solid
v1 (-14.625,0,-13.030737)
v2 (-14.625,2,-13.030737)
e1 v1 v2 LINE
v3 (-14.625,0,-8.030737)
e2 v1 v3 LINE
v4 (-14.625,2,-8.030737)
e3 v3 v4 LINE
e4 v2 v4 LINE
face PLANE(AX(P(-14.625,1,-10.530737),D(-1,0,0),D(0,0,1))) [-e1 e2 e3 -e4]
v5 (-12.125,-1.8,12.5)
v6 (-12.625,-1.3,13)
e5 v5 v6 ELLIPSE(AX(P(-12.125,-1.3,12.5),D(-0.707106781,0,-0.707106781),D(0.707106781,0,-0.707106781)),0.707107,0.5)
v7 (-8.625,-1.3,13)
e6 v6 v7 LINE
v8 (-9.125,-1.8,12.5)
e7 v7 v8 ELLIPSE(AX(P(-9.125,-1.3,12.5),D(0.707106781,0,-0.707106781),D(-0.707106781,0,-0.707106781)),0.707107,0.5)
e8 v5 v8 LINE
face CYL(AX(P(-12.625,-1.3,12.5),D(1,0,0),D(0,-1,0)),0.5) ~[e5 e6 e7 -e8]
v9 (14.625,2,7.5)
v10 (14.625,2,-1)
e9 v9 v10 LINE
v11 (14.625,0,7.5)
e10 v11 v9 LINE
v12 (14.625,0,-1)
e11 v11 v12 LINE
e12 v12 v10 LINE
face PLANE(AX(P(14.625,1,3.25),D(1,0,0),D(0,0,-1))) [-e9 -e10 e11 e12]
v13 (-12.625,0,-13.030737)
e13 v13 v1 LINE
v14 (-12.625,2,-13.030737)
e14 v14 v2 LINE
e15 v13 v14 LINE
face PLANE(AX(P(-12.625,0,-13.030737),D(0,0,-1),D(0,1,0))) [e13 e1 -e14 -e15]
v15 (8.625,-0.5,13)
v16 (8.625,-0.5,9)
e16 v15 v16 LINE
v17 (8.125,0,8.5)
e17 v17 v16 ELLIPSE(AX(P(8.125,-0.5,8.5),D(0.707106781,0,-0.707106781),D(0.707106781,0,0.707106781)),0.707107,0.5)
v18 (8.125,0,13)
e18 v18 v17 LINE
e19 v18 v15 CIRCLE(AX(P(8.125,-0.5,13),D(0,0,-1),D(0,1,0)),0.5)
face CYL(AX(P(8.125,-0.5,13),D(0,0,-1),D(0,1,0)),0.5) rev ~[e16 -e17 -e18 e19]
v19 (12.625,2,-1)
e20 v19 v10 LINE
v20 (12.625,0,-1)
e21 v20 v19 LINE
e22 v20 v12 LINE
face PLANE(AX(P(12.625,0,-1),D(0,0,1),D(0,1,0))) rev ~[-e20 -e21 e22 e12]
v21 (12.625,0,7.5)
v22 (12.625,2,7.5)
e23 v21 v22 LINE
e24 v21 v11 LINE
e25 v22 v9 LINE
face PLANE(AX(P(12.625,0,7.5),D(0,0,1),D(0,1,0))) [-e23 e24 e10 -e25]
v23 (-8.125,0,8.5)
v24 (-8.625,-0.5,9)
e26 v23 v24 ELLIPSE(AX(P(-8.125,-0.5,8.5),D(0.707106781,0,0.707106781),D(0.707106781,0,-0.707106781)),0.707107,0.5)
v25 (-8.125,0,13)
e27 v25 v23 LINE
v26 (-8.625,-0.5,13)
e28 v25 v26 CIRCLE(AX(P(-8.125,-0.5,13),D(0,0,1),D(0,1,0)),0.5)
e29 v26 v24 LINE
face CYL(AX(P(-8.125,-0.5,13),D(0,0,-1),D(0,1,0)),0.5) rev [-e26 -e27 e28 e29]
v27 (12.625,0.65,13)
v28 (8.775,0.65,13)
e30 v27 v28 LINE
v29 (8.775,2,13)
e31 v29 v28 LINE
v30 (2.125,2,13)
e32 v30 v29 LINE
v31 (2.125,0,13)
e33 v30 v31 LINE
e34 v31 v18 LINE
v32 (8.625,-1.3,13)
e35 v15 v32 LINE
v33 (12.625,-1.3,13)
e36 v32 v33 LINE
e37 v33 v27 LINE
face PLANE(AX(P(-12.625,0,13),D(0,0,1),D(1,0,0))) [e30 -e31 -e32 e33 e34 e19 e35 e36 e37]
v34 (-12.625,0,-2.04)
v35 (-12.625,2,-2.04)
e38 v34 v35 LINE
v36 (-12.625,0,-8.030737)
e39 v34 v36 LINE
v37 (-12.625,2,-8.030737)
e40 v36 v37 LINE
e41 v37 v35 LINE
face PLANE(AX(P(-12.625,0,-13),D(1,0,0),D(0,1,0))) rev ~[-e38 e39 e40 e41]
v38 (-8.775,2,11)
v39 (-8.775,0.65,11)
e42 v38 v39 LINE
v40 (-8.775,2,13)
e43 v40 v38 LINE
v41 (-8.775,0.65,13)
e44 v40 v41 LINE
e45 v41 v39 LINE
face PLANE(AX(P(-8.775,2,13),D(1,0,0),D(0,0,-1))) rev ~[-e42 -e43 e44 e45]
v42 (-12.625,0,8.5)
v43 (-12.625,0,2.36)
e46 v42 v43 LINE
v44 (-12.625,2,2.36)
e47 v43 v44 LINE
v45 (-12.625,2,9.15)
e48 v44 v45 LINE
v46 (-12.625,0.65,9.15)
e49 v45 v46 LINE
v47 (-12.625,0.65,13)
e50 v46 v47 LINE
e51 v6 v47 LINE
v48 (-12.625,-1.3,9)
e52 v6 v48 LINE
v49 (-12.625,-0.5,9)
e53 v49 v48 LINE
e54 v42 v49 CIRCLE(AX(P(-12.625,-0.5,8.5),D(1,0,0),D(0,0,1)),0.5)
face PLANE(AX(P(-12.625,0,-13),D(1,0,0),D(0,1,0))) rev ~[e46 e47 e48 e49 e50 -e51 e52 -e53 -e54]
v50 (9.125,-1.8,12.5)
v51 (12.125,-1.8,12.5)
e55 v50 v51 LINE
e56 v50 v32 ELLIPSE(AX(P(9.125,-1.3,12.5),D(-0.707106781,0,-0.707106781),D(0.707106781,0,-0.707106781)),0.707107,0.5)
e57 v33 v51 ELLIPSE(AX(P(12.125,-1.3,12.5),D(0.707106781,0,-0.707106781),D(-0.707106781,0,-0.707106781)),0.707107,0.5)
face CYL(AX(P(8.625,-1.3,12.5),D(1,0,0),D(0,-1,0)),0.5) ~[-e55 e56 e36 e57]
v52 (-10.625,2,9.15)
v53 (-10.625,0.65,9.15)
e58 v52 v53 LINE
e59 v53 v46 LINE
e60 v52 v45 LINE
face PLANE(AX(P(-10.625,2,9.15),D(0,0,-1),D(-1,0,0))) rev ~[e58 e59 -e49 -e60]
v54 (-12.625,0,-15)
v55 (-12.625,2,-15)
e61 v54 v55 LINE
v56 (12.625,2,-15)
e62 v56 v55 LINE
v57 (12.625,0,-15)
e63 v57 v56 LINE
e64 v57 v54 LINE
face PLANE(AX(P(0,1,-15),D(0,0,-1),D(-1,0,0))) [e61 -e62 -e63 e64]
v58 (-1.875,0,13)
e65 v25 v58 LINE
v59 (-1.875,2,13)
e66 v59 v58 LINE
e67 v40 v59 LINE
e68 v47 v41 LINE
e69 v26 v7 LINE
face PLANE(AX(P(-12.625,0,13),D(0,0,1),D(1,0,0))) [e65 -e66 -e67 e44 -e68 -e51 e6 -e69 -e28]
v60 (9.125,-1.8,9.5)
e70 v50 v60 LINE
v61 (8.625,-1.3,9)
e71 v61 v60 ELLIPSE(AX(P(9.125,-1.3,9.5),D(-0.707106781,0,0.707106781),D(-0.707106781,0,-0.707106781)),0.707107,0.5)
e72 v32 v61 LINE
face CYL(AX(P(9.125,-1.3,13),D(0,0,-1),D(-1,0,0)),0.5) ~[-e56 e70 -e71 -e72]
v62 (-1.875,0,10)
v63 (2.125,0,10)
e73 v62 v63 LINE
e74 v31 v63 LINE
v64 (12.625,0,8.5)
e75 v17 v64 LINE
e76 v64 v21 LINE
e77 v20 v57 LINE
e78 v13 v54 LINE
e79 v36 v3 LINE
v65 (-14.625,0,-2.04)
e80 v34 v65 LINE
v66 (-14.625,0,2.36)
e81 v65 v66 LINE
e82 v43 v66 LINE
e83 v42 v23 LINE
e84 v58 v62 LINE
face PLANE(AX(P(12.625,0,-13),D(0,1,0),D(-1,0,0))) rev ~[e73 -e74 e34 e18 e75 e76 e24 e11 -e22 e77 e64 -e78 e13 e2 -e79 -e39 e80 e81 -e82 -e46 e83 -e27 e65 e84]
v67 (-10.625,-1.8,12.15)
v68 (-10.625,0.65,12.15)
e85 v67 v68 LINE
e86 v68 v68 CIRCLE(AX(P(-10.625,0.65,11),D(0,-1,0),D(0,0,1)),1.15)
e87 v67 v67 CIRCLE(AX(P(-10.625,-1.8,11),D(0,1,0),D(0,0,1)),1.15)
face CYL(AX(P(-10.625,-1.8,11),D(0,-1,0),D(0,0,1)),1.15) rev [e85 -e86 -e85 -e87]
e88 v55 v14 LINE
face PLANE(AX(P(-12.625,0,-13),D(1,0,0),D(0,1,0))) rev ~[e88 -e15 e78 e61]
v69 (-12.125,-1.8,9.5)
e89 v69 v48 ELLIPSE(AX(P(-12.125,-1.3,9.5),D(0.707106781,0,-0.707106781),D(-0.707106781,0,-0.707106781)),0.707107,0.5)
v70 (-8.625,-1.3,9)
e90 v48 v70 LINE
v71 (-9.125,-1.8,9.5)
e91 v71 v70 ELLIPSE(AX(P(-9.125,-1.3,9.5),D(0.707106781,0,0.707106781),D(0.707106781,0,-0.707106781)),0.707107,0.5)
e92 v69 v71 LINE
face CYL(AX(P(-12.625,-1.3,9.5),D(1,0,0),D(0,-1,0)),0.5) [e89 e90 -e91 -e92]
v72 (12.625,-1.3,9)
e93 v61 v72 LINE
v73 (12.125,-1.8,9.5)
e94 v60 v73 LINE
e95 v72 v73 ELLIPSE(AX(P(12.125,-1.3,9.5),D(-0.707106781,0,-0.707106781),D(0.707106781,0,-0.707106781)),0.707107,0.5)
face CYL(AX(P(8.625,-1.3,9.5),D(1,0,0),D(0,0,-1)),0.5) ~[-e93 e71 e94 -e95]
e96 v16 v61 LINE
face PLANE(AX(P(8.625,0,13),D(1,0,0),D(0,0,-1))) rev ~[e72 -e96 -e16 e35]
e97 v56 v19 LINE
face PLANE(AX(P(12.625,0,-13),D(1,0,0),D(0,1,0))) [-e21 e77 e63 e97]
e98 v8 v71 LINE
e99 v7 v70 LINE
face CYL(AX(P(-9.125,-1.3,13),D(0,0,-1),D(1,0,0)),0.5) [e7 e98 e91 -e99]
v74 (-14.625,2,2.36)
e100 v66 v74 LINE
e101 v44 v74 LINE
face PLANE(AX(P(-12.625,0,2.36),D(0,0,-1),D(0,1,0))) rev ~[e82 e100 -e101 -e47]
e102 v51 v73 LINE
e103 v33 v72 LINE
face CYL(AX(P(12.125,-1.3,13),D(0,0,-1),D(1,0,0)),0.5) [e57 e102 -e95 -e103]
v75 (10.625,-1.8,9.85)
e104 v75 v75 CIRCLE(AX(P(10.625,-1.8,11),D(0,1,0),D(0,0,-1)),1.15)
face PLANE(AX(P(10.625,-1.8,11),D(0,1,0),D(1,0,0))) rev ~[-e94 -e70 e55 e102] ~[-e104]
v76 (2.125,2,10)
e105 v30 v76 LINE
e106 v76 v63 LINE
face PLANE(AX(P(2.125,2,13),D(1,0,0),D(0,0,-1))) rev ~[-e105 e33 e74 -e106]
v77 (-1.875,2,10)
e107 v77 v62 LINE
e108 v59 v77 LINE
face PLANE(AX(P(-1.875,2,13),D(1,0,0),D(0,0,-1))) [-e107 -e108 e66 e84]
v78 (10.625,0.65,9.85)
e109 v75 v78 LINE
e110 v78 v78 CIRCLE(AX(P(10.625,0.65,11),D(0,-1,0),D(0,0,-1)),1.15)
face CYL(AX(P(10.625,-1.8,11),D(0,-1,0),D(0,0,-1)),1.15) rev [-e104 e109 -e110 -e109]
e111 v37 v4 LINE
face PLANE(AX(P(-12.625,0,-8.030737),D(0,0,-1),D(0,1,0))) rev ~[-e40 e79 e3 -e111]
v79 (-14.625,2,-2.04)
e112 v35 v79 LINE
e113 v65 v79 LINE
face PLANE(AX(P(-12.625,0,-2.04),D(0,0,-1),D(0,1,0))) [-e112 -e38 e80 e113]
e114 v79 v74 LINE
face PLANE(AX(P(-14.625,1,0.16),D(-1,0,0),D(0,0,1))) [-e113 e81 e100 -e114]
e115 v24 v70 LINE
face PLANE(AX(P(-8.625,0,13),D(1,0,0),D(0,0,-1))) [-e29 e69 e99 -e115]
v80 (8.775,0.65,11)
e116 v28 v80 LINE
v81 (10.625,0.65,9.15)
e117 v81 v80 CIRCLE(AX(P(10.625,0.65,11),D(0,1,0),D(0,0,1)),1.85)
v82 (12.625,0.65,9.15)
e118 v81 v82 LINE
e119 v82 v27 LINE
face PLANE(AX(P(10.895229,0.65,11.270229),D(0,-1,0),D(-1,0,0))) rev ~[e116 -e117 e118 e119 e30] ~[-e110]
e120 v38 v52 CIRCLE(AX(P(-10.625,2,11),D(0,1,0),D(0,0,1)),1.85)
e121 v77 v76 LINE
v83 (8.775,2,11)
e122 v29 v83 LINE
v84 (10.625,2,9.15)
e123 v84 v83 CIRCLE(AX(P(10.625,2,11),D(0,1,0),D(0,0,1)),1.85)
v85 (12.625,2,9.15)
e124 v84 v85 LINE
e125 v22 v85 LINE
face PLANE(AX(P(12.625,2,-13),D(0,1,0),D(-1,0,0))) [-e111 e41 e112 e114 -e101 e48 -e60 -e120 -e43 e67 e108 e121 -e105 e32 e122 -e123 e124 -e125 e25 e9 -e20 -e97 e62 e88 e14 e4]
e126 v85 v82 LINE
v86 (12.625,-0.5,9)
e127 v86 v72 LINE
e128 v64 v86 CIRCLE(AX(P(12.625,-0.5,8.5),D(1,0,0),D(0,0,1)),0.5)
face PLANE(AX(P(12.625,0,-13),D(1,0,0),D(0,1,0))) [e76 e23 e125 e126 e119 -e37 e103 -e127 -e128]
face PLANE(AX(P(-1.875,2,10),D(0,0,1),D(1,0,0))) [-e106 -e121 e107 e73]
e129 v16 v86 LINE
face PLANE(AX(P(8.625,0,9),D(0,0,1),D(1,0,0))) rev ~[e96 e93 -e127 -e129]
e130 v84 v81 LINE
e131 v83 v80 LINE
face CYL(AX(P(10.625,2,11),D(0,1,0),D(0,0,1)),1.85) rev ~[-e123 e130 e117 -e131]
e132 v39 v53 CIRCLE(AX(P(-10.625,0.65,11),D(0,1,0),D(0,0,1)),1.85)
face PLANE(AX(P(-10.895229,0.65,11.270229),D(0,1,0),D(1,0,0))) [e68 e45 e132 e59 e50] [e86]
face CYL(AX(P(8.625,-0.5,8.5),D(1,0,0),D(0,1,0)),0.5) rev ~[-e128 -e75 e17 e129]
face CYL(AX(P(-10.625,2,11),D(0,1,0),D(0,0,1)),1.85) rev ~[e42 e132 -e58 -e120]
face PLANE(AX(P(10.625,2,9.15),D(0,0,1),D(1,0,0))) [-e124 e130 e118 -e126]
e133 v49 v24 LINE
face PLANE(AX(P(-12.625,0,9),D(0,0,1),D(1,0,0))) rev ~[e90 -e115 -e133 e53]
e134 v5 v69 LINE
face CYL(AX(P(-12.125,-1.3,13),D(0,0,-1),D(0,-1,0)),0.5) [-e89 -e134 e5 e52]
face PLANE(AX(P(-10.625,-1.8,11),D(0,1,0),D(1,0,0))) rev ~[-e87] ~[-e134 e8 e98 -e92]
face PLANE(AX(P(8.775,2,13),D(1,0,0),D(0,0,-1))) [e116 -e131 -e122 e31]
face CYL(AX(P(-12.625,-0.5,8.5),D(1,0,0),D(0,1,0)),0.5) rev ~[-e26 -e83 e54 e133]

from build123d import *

# Parameters (mm, degrees)
SKETCH_1_W               = 25.25
SKETCH_1_H               = 26
EXTRUDE_1_DEPTH          = 2
SKETCH_3_W               = 4
SKETCH_3_H               = 4
EXTRUDE_2_DEPTH          = 1.8
CUT_EXTRUDE_2_DEPTH      = 2
CUT_EXTRUDE_2_DEPTH_BACK = 1.8
SKETCH_4_R               = 1.15
SKETCH_5_R               = 1.85
CUT_EXTRUDE_3_DEPTH      = 1.35
SKETCH_7_W               = 25.25
SKETCH_7_H               = 2
EXTRUDE_4_DEPTH          = 2
FILLET_3_R               = 0.5
SKETCH_8_W               = 8.5
SKETCH_8_H               = 2
EXTRUDE_5_DEPTH          = 2
SKETCH_9_W               = 5
SKETCH_9_H               = 2
EXTRUDE_6_DEPTH          = 2
SKETCH_10_W              = 4.4
SKETCH_10_H              = 2
EXTRUDE_7_DEPTH          = 2
SKETCH_11_W              = 4
SKETCH_11_H              = 3
CUT_EXTRUDE_4_DEPTH      = 2
CUT_EXTRUDE_5_DEPTH      = 1.35


with BuildPart() as part:
    # 草图1 → 凸台-拉伸1 (new body)
    with BuildSketch(Plane(origin=(0, 0, 0), x_dir=(1, 0, 0), z_dir=(0, 1, 0))):
        Rectangle(SKETCH_1_W, SKETCH_1_H)
    extrude(amount=EXTRUDE_1_DEPTH)

    # 草图3 → 凸台-拉伸2 (add)
    with BuildSketch(Plane(origin=(0, 0, 0), x_dir=(1, 0, 0), z_dir=(0, 1, 0))):
        with Locations((-10.625, -11)):
            Rectangle(SKETCH_3_W, SKETCH_3_H)
        with Locations((10.625, -11)):
            Rectangle(SKETCH_3_W, SKETCH_3_H)
    extrude(amount=-EXTRUDE_2_DEPTH)

    # 草图4 → 切除-拉伸2 (cut, two sides: drawn at the far end of the back side and taken through both)
    with BuildSketch(Plane(origin=(0, 0, 0), x_dir=(1, 0, 0), z_dir=(0, 1, 0)).offset(-CUT_EXTRUDE_2_DEPTH_BACK)):
        with Locations(Location((-10.625, -11, 0), (0, 0, 270))):
            Circle(SKETCH_4_R)
        with Locations(Location((10.625, -11, 0), (0, 0, 90))):
            Circle(SKETCH_4_R)
    extrude(amount=CUT_EXTRUDE_2_DEPTH + CUT_EXTRUDE_2_DEPTH_BACK, mode=Mode.SUBTRACT)

    # 草图5 → 切除-拉伸3 (cut)
    with BuildSketch(Plane(origin=(0, 2, 0), x_dir=(1, 0, 0), z_dir=(0, 1, 0))):
        with Locations(Location((-10.625, -11, 0), (0, 0, 270))):
            Circle(SKETCH_5_R)
        with Locations(Location((10.625, -11, 0), (0, 0, 270))):
            Circle(SKETCH_5_R)
    extrude(amount=-CUT_EXTRUDE_3_DEPTH, mode=Mode.SUBTRACT)

    # 草图7 → 凸台-拉伸4 (add)
    with BuildSketch(Plane(origin=(0, 0, -13), x_dir=(-1, 0, 0), z_dir=(0, 0, -1))):
        with Locations((0, 1)):
            Rectangle(SKETCH_7_W, SKETCH_7_H)
    extrude(amount=EXTRUDE_4_DEPTH)

    # 圆角3
    fillet_3_edges = [part.edges().sort_by_distance(p)[0] for p in [
        (-12.625, -1.8, 11),
        (-10.625, -1.8, 9),
        (-8.625, -1.8, 11),
        (-10.625, -1.8, 13),
        (-8.625, 0, 11),
        (-10.625, 0, 9),
        (12.625, -1.8, 11),
        (10.625, -1.8, 13),
        (8.625, -1.8, 11),
        (10.625, -1.8, 9),
        (10.625, 0, 9),
        (8.625, 0, 11),
    ]]
    fillet(fillet_3_edges, radius=FILLET_3_R)

    # 草图8 → 凸台-拉伸5 (add)
    with BuildSketch(Plane(origin=(12.625, 0, 0), x_dir=(0, 0, -1), z_dir=(1, 0, 0))):
        with Locations((-3.25, 1)):
            Rectangle(SKETCH_8_W, SKETCH_8_H)
    extrude(amount=EXTRUDE_5_DEPTH)

    # 草图9 → 凸台-拉伸6 (add)
    with BuildSketch(Plane.ZY.offset(12.625)):
        with Locations((-10.530736821, 1)):
            Rectangle(SKETCH_9_W, SKETCH_9_H)
    extrude(amount=EXTRUDE_6_DEPTH)

    # 草图10 → 凸台-拉伸7 (add)
    with BuildSketch(Plane.ZY.offset(12.625)):
        with Locations((0.16, 1)):
            Rectangle(SKETCH_10_W, SKETCH_10_H)
    extrude(amount=EXTRUDE_7_DEPTH)

    # 草图11 → 切除-拉伸4 (cut)
    with BuildSketch(Plane(origin=(0, 2, 0), x_dir=(1, 0, 0), z_dir=(0, 1, 0))):
        with Locations((0.125, -11.5)):
            Rectangle(SKETCH_11_W, SKETCH_11_H)
    extrude(amount=-CUT_EXTRUDE_4_DEPTH, mode=Mode.SUBTRACT)

    # 草图12 → 切除-拉伸5 (cut)
    with BuildSketch(Plane(origin=(0, 2, 0), x_dir=(1, 0, 0), z_dir=(0, 1, 0))):
        Polygon((-10.625, -9.15), (-12.625, -9.15), (-12.625, -13), (-8.775, -13), (-8.775, -11), align=None)
        Polygon((8.775, -11), (10.625, -9.15), (12.625, -9.15), (12.625, -13), (8.775, -13), align=None)
    extrude(amount=-CUT_EXTRUDE_5_DEPTH, mode=Mode.SUBTRACT)


solid = part.part
